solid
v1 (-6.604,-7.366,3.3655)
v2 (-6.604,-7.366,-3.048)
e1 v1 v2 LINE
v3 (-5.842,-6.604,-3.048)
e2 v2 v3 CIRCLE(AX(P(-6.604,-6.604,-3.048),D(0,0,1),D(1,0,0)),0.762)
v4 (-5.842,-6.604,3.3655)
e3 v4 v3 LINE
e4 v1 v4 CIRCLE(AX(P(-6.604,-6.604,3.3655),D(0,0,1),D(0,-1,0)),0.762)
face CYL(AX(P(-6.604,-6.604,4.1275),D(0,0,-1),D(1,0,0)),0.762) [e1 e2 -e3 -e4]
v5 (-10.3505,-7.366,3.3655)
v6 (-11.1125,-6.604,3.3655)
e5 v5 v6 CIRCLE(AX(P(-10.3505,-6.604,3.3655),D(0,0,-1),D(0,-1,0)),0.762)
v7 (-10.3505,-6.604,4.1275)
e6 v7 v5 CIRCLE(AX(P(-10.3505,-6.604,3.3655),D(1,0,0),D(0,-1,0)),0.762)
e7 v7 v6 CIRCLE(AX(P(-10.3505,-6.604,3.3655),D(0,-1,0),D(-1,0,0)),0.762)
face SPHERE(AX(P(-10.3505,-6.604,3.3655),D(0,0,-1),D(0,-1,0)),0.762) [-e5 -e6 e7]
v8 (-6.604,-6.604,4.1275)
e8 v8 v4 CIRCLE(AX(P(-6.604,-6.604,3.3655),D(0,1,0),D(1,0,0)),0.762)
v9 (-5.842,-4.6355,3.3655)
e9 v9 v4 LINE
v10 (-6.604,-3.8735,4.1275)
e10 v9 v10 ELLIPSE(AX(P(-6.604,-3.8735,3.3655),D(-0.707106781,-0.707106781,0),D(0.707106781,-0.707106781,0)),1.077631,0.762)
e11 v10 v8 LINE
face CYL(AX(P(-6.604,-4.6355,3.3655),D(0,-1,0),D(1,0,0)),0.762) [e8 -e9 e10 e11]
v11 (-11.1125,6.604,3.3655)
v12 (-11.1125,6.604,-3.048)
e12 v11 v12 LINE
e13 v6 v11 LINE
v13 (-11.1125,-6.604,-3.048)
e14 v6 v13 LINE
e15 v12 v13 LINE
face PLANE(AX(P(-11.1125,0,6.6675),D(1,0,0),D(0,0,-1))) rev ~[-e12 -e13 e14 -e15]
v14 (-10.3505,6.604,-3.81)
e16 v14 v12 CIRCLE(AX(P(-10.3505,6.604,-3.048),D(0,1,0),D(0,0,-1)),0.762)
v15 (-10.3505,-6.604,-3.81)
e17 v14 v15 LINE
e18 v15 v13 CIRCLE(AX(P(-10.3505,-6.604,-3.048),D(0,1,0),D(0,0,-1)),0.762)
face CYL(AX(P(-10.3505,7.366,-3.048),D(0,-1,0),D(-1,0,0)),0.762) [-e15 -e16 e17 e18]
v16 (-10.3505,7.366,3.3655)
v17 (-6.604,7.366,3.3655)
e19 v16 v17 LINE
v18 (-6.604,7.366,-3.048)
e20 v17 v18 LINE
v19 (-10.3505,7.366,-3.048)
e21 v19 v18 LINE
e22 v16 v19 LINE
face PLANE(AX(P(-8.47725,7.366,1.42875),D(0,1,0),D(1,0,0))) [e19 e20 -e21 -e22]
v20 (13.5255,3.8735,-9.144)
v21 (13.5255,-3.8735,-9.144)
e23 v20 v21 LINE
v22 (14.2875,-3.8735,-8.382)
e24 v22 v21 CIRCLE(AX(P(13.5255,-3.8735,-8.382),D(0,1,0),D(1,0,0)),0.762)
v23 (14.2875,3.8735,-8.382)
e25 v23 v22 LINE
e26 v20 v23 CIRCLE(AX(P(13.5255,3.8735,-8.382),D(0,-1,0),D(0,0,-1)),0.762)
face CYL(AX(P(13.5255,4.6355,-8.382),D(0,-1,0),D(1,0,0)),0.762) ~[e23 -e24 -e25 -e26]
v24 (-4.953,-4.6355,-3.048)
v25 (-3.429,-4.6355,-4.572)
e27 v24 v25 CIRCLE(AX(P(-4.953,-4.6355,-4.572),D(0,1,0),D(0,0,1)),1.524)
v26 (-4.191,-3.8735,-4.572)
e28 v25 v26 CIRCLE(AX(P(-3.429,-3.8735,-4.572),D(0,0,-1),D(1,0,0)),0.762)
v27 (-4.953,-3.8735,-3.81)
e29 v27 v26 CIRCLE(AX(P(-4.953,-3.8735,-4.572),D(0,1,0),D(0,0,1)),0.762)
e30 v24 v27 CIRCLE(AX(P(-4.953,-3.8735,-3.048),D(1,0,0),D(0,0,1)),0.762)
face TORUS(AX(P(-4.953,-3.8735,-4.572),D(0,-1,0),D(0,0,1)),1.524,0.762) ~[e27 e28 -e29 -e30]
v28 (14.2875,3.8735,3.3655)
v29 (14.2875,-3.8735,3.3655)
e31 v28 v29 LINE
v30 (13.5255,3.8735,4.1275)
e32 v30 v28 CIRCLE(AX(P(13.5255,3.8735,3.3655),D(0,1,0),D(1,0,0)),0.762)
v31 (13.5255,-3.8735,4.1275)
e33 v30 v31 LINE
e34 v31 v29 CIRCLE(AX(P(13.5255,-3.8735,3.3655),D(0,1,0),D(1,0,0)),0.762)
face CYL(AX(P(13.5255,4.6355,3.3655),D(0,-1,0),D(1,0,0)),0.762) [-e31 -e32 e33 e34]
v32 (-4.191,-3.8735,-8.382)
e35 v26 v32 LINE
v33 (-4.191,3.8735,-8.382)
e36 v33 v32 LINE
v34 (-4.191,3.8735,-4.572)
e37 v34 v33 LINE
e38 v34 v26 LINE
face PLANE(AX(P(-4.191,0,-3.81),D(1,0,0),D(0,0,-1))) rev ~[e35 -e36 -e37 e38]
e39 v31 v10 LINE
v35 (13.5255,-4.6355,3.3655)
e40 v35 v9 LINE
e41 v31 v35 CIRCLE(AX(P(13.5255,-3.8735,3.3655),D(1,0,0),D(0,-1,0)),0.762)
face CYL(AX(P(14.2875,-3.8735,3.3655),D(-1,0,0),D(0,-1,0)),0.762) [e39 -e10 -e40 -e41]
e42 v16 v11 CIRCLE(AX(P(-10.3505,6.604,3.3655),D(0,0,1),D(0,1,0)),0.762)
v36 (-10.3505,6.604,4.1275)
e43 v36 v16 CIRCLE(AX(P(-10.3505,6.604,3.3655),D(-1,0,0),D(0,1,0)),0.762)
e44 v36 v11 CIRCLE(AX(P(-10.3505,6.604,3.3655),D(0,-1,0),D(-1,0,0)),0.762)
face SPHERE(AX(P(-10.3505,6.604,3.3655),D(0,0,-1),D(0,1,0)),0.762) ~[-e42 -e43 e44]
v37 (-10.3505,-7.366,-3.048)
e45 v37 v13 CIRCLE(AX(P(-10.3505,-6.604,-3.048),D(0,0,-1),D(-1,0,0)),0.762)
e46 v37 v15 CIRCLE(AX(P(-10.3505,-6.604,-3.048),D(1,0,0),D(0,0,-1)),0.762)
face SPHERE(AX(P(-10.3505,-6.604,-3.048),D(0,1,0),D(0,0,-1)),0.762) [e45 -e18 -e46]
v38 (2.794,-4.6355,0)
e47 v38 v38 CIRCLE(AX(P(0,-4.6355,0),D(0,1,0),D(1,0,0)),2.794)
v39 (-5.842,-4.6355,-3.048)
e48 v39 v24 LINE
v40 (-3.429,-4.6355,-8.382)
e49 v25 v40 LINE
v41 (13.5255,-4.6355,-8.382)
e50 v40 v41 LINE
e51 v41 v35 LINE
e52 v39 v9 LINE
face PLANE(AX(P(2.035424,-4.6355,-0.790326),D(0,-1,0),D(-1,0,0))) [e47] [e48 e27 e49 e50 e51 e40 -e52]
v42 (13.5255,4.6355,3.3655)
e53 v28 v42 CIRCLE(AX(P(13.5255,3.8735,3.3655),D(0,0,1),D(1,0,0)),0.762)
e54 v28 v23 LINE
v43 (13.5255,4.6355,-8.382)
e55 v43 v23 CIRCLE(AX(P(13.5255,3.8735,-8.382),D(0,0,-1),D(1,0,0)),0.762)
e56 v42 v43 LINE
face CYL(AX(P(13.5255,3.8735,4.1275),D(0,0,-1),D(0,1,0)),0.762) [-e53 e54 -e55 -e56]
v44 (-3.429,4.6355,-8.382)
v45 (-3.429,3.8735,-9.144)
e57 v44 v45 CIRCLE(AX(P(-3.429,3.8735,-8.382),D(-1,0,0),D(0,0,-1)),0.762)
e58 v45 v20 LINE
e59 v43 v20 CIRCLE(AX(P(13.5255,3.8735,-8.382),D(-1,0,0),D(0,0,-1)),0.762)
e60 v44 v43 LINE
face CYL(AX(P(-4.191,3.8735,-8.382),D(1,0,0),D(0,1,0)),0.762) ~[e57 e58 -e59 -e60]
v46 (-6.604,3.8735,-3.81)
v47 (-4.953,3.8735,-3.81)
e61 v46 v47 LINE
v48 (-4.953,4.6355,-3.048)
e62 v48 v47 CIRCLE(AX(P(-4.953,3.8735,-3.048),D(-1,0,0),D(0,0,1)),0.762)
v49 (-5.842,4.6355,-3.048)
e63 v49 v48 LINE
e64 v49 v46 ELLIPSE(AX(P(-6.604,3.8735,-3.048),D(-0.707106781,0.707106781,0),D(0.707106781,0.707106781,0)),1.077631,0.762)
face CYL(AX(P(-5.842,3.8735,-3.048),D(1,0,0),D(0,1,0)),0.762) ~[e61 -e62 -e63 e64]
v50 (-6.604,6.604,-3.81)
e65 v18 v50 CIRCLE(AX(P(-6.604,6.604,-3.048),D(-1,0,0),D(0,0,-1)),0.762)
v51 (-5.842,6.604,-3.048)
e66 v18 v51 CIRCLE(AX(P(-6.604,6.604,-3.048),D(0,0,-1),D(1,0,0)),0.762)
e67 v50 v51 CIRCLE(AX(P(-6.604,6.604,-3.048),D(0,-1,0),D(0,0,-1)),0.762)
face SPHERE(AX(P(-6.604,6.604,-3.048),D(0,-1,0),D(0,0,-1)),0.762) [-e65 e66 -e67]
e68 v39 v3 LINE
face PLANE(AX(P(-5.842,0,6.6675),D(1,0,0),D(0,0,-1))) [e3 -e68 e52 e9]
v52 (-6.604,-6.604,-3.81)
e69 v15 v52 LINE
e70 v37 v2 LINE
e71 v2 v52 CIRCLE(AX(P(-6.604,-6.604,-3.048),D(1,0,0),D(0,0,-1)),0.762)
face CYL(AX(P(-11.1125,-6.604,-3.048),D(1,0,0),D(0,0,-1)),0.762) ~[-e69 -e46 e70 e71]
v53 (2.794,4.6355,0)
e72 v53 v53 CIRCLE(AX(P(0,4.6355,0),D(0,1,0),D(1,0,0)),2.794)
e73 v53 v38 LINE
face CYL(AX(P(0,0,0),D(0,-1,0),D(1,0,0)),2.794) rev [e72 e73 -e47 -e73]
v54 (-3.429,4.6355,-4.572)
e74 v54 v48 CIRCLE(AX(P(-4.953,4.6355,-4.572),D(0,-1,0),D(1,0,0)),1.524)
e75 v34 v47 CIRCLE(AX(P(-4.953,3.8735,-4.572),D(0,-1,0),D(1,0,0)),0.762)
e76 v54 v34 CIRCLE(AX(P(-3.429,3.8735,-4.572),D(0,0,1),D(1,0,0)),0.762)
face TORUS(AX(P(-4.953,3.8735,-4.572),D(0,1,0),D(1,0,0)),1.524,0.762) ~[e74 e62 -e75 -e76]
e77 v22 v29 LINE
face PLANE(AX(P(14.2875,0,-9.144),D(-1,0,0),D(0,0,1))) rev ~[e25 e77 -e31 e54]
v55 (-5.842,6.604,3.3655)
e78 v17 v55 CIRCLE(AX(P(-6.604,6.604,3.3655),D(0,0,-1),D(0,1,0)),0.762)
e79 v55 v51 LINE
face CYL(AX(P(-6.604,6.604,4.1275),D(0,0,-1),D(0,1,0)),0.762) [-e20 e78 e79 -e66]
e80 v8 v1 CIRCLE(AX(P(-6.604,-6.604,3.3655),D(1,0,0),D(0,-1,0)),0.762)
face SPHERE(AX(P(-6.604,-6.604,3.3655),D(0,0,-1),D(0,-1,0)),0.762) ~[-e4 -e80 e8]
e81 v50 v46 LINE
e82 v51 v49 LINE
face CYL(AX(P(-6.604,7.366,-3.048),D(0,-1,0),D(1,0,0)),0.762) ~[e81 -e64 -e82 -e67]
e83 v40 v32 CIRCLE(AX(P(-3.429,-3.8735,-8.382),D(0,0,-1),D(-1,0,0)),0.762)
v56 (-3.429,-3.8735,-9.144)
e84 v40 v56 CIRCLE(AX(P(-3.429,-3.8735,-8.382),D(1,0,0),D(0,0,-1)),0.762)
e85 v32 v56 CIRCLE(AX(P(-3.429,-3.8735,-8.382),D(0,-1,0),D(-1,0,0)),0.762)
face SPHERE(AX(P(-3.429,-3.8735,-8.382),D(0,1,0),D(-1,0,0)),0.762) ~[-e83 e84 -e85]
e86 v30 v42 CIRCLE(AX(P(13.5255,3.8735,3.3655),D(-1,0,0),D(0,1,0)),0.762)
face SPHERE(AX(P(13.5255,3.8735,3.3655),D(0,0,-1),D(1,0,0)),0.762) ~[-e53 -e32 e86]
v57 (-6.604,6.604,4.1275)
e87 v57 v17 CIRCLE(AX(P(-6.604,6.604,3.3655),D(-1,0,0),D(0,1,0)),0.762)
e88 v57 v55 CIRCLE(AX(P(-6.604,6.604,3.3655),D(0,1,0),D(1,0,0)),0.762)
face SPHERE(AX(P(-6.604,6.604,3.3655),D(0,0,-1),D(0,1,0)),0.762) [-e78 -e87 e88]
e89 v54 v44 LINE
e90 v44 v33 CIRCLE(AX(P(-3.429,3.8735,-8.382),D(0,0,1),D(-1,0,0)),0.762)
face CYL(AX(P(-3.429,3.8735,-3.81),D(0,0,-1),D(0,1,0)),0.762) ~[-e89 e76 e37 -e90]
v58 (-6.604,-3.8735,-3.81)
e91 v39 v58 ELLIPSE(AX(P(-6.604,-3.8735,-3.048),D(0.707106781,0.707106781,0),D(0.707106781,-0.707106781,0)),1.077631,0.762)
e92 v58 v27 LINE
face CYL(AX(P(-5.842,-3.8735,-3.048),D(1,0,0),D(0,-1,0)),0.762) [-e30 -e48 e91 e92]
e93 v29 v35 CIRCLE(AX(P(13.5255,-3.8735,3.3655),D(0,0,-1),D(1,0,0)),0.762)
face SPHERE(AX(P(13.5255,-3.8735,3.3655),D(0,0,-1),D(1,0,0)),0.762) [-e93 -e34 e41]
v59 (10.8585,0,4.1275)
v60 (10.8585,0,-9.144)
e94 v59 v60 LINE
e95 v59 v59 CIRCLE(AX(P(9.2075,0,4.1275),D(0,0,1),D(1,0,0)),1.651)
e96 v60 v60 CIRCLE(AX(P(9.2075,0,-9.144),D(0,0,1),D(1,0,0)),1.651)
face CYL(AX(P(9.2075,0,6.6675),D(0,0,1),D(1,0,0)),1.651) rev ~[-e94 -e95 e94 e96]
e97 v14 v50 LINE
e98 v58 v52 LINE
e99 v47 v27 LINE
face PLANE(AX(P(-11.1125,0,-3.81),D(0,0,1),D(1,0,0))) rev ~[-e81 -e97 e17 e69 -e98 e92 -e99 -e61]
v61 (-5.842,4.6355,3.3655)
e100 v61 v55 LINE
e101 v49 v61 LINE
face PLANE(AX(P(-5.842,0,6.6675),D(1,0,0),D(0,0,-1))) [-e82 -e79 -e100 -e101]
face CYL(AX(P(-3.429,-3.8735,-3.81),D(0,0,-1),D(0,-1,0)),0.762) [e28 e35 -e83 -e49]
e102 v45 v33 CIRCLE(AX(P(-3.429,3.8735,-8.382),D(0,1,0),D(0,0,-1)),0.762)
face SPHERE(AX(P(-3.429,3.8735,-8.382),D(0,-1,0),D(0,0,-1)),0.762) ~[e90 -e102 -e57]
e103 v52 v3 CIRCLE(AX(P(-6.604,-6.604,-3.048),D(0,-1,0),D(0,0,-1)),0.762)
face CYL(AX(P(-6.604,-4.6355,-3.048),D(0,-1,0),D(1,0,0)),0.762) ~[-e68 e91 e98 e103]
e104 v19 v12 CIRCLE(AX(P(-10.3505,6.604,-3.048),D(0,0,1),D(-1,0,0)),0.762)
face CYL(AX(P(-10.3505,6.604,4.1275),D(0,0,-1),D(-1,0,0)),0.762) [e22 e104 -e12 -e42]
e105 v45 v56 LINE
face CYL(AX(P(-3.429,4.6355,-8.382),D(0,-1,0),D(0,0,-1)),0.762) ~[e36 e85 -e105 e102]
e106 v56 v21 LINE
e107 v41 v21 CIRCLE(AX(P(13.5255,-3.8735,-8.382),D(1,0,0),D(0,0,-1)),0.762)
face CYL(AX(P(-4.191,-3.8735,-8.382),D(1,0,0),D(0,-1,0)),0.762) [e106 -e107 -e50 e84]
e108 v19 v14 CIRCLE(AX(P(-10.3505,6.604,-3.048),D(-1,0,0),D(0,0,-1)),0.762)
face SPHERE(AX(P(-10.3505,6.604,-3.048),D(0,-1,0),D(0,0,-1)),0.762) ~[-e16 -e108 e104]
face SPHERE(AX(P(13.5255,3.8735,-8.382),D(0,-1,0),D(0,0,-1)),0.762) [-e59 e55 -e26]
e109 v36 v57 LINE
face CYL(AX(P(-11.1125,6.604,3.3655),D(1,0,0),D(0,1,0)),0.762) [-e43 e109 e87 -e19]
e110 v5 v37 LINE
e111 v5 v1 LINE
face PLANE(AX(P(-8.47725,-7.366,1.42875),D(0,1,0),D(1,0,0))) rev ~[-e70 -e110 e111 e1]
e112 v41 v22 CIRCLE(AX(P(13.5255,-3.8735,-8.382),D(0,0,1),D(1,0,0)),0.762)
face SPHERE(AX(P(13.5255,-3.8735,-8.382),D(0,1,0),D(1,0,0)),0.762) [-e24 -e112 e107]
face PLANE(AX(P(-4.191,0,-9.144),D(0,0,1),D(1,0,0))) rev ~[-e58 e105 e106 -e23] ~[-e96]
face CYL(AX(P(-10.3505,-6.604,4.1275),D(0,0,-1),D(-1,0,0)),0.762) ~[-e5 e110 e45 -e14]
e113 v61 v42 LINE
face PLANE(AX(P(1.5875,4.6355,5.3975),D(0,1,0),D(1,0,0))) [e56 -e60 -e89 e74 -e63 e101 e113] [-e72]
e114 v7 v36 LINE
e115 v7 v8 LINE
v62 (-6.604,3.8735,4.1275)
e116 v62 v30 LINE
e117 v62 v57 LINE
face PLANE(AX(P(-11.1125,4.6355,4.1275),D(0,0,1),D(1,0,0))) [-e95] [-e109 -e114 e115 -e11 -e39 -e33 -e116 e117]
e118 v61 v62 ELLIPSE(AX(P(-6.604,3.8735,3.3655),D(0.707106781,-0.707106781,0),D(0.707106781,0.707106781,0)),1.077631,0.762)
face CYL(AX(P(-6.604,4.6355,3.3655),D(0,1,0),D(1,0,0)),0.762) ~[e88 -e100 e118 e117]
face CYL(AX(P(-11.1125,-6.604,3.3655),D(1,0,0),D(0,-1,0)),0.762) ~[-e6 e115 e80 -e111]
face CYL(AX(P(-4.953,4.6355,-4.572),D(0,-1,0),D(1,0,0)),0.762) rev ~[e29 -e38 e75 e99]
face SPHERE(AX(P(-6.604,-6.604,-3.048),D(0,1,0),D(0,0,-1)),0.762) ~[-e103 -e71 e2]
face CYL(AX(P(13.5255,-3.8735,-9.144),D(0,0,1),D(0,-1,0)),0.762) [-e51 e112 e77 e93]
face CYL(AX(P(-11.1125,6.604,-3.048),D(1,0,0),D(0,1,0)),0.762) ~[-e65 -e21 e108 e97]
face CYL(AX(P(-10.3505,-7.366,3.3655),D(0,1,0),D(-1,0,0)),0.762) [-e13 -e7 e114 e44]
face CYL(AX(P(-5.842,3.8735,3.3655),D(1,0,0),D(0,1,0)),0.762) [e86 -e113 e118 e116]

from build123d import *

# Parameters (mm, degrees)
SKETCH1_R                      = 2.794
BOSS_EXTRUDE1_DEPTH            = 4.6355
SKETCH3_W                      = 5.2705
SKETCH3_H                      = 10.4775
BOSS_EXTRUDE3_DEPTH            = 7.366
SKETCH5_R                      = 1.651
CUT_EXTRUDE2_DEPTH             = 15.8115
CUT_EXTRUDE3_REACH             = 4.731
SKETCH6_W                      = 25.4
SKETCH6_H                      = 2.54
CUT_EXTRUDE3_DIRECTION_2_REACH = 14.002
FILLET1_R                      = 0.762


with BuildPart() as part:
    # Sketch1 → Boss-Extrude1 (new body, symmetric)
    with BuildSketch(Plane(origin=(0, 0, 0), x_dir=(1, 0, 0), z_dir=(0, 1, 0))):
        Polygon((-11.1125, 3.81), (-4.191, 3.81), (-4.191, 9.144), (14.2875, 9.144), (14.2875, -6.6675), (-11.1125, -6.6675), align=None)
        Circle(SKETCH1_R, mode=Mode.SUBTRACT)
    extrude(amount=BOSS_EXTRUDE1_DEPTH, both=True)

    # Sketch3 → Boss-Extrude3 (add, symmetric)
    with BuildSketch(Plane(origin=(0, 0, 0), x_dir=(1, 0, 0), z_dir=(0, 1, 0))):
        with Locations((-8.47725, -1.42875)):
            Rectangle(SKETCH3_W, SKETCH3_H)
    extrude(amount=BOSS_EXTRUDE3_DEPTH, both=True)

    # Sketch5 → Cut-Extrude2 (cut)
    with BuildSketch(Plane.XY.offset(6.6675)):
        with Locations((9.2075, 0)):
            Circle(SKETCH5_R)
    extrude(amount=-CUT_EXTRUDE2_DEPTH, mode=Mode.SUBTRACT)

    # Cut-Extrude3: up to this face of the body (flat: up to its plane)
    cut_extrude3_end = Plane(part.part.faces().sort_by_distance((-8.47725, 7.366, 1.42875))[0])
    # Sketch6 → Cut-Extrude3 (cut, up to the picked face)
    with BuildSketch(Plane(origin=(0, 4.6355, 0), x_dir=(1, 0, 0), z_dir=(0, 1, 0)), mode=Mode.PRIVATE) as cut_extrude3_sk1:
        with Locations((1.5875, -5.3975)):
            Rectangle(SKETCH6_W, SKETCH6_H)
    cut_extrude3_tool1 = split(extrude(cut_extrude3_sk1.sketch, amount=CUT_EXTRUDE3_REACH, mode=Mode.PRIVATE), bisect_by=cut_extrude3_end, keep=Keep.BOTH, mode=Mode.PRIVATE)
    add(cut_extrude3_tool1.solids().sort_by_distance((1.5875, 4.6355, 5.3975))[0], mode=Mode.SUBTRACT)

    # Cut-Extrude3 direction 2: up to this face of the body (flat: up to its plane)
    cut_extrude3_direction_2_end = Plane(part.part.faces().sort_by_distance((-8.47725, -7.366, 1.42875))[0])
    # Sketch6 → Cut-Extrude3 direction 2 (cut, up to the picked face)
    with BuildSketch(Plane(origin=(0, 4.6355, 0), x_dir=(1, 0, 0), z_dir=(0, 1, 0)), mode=Mode.PRIVATE) as cut_extrude3_direction_2_sk1:
        with Locations((1.5875, -5.3975)):
            Rectangle(SKETCH6_W, SKETCH6_H)
    cut_extrude3_direction_2_tool1 = split(extrude(cut_extrude3_direction_2_sk1.sketch, amount=-CUT_EXTRUDE3_DIRECTION_2_REACH, mode=Mode.PRIVATE), bisect_by=cut_extrude3_direction_2_end, keep=Keep.BOTH, mode=Mode.PRIVATE)
    add(cut_extrude3_direction_2_tool1.solids().sort_by_distance((1.5875, 4.6355, 5.3975))[0], mode=Mode.SUBTRACT)

    # Fillet1
    fillet1_edges = [part.edges().sort_by_distance(p)[0] for p in [
        (-11.1125, 0, -3.81),
        (-4.191, 0, -3.81),
        (-4.191, 0, -9.144),
        (14.2875, 0, -9.144),
        (5.04825, 4.6355, -9.144),
        (-4.191, 4.6355, -6.477),
        (-5.0165, 4.6355, -3.81),
        (-5.842, 6.00075, -3.81),
        (-5.842, -6.00075, -3.81),
        (-8.47725, -7.366, -3.81),
        (-11.1125, -7.366, 0.15875),
        (-8.47725, 7.366, -3.81),
        (-11.1125, 7.366, 0.15875),
        (-5.842, 7.366, 0.15875),
        (-5.842, -7.366, 0.15875),
        (14.2875, -4.6355, -2.50825),
        (14.2875, 4.6355, -2.50825),
        (-8.47725, -7.366, 4.1275),
        (-8.47725, 7.366, 4.1275),
        (-5.0165, -4.6355, -3.81),
        (-5.842, -6.00075, 4.1275),
        (14.2875, 0, 4.1275),
        (4.22275, -4.6355, 4.1275),
        (4.22275, 4.6355, 4.1275),
        (-5.842, 6.00075, 4.1275),
        (-11.1125, 0, 4.1275),
        (-4.191, -4.6355, -6.477),
        (5.04825, -4.6355, -9.144),
    ]]
    fillet(fillet1_edges, radius=FILLET1_R)


solid = part.part
